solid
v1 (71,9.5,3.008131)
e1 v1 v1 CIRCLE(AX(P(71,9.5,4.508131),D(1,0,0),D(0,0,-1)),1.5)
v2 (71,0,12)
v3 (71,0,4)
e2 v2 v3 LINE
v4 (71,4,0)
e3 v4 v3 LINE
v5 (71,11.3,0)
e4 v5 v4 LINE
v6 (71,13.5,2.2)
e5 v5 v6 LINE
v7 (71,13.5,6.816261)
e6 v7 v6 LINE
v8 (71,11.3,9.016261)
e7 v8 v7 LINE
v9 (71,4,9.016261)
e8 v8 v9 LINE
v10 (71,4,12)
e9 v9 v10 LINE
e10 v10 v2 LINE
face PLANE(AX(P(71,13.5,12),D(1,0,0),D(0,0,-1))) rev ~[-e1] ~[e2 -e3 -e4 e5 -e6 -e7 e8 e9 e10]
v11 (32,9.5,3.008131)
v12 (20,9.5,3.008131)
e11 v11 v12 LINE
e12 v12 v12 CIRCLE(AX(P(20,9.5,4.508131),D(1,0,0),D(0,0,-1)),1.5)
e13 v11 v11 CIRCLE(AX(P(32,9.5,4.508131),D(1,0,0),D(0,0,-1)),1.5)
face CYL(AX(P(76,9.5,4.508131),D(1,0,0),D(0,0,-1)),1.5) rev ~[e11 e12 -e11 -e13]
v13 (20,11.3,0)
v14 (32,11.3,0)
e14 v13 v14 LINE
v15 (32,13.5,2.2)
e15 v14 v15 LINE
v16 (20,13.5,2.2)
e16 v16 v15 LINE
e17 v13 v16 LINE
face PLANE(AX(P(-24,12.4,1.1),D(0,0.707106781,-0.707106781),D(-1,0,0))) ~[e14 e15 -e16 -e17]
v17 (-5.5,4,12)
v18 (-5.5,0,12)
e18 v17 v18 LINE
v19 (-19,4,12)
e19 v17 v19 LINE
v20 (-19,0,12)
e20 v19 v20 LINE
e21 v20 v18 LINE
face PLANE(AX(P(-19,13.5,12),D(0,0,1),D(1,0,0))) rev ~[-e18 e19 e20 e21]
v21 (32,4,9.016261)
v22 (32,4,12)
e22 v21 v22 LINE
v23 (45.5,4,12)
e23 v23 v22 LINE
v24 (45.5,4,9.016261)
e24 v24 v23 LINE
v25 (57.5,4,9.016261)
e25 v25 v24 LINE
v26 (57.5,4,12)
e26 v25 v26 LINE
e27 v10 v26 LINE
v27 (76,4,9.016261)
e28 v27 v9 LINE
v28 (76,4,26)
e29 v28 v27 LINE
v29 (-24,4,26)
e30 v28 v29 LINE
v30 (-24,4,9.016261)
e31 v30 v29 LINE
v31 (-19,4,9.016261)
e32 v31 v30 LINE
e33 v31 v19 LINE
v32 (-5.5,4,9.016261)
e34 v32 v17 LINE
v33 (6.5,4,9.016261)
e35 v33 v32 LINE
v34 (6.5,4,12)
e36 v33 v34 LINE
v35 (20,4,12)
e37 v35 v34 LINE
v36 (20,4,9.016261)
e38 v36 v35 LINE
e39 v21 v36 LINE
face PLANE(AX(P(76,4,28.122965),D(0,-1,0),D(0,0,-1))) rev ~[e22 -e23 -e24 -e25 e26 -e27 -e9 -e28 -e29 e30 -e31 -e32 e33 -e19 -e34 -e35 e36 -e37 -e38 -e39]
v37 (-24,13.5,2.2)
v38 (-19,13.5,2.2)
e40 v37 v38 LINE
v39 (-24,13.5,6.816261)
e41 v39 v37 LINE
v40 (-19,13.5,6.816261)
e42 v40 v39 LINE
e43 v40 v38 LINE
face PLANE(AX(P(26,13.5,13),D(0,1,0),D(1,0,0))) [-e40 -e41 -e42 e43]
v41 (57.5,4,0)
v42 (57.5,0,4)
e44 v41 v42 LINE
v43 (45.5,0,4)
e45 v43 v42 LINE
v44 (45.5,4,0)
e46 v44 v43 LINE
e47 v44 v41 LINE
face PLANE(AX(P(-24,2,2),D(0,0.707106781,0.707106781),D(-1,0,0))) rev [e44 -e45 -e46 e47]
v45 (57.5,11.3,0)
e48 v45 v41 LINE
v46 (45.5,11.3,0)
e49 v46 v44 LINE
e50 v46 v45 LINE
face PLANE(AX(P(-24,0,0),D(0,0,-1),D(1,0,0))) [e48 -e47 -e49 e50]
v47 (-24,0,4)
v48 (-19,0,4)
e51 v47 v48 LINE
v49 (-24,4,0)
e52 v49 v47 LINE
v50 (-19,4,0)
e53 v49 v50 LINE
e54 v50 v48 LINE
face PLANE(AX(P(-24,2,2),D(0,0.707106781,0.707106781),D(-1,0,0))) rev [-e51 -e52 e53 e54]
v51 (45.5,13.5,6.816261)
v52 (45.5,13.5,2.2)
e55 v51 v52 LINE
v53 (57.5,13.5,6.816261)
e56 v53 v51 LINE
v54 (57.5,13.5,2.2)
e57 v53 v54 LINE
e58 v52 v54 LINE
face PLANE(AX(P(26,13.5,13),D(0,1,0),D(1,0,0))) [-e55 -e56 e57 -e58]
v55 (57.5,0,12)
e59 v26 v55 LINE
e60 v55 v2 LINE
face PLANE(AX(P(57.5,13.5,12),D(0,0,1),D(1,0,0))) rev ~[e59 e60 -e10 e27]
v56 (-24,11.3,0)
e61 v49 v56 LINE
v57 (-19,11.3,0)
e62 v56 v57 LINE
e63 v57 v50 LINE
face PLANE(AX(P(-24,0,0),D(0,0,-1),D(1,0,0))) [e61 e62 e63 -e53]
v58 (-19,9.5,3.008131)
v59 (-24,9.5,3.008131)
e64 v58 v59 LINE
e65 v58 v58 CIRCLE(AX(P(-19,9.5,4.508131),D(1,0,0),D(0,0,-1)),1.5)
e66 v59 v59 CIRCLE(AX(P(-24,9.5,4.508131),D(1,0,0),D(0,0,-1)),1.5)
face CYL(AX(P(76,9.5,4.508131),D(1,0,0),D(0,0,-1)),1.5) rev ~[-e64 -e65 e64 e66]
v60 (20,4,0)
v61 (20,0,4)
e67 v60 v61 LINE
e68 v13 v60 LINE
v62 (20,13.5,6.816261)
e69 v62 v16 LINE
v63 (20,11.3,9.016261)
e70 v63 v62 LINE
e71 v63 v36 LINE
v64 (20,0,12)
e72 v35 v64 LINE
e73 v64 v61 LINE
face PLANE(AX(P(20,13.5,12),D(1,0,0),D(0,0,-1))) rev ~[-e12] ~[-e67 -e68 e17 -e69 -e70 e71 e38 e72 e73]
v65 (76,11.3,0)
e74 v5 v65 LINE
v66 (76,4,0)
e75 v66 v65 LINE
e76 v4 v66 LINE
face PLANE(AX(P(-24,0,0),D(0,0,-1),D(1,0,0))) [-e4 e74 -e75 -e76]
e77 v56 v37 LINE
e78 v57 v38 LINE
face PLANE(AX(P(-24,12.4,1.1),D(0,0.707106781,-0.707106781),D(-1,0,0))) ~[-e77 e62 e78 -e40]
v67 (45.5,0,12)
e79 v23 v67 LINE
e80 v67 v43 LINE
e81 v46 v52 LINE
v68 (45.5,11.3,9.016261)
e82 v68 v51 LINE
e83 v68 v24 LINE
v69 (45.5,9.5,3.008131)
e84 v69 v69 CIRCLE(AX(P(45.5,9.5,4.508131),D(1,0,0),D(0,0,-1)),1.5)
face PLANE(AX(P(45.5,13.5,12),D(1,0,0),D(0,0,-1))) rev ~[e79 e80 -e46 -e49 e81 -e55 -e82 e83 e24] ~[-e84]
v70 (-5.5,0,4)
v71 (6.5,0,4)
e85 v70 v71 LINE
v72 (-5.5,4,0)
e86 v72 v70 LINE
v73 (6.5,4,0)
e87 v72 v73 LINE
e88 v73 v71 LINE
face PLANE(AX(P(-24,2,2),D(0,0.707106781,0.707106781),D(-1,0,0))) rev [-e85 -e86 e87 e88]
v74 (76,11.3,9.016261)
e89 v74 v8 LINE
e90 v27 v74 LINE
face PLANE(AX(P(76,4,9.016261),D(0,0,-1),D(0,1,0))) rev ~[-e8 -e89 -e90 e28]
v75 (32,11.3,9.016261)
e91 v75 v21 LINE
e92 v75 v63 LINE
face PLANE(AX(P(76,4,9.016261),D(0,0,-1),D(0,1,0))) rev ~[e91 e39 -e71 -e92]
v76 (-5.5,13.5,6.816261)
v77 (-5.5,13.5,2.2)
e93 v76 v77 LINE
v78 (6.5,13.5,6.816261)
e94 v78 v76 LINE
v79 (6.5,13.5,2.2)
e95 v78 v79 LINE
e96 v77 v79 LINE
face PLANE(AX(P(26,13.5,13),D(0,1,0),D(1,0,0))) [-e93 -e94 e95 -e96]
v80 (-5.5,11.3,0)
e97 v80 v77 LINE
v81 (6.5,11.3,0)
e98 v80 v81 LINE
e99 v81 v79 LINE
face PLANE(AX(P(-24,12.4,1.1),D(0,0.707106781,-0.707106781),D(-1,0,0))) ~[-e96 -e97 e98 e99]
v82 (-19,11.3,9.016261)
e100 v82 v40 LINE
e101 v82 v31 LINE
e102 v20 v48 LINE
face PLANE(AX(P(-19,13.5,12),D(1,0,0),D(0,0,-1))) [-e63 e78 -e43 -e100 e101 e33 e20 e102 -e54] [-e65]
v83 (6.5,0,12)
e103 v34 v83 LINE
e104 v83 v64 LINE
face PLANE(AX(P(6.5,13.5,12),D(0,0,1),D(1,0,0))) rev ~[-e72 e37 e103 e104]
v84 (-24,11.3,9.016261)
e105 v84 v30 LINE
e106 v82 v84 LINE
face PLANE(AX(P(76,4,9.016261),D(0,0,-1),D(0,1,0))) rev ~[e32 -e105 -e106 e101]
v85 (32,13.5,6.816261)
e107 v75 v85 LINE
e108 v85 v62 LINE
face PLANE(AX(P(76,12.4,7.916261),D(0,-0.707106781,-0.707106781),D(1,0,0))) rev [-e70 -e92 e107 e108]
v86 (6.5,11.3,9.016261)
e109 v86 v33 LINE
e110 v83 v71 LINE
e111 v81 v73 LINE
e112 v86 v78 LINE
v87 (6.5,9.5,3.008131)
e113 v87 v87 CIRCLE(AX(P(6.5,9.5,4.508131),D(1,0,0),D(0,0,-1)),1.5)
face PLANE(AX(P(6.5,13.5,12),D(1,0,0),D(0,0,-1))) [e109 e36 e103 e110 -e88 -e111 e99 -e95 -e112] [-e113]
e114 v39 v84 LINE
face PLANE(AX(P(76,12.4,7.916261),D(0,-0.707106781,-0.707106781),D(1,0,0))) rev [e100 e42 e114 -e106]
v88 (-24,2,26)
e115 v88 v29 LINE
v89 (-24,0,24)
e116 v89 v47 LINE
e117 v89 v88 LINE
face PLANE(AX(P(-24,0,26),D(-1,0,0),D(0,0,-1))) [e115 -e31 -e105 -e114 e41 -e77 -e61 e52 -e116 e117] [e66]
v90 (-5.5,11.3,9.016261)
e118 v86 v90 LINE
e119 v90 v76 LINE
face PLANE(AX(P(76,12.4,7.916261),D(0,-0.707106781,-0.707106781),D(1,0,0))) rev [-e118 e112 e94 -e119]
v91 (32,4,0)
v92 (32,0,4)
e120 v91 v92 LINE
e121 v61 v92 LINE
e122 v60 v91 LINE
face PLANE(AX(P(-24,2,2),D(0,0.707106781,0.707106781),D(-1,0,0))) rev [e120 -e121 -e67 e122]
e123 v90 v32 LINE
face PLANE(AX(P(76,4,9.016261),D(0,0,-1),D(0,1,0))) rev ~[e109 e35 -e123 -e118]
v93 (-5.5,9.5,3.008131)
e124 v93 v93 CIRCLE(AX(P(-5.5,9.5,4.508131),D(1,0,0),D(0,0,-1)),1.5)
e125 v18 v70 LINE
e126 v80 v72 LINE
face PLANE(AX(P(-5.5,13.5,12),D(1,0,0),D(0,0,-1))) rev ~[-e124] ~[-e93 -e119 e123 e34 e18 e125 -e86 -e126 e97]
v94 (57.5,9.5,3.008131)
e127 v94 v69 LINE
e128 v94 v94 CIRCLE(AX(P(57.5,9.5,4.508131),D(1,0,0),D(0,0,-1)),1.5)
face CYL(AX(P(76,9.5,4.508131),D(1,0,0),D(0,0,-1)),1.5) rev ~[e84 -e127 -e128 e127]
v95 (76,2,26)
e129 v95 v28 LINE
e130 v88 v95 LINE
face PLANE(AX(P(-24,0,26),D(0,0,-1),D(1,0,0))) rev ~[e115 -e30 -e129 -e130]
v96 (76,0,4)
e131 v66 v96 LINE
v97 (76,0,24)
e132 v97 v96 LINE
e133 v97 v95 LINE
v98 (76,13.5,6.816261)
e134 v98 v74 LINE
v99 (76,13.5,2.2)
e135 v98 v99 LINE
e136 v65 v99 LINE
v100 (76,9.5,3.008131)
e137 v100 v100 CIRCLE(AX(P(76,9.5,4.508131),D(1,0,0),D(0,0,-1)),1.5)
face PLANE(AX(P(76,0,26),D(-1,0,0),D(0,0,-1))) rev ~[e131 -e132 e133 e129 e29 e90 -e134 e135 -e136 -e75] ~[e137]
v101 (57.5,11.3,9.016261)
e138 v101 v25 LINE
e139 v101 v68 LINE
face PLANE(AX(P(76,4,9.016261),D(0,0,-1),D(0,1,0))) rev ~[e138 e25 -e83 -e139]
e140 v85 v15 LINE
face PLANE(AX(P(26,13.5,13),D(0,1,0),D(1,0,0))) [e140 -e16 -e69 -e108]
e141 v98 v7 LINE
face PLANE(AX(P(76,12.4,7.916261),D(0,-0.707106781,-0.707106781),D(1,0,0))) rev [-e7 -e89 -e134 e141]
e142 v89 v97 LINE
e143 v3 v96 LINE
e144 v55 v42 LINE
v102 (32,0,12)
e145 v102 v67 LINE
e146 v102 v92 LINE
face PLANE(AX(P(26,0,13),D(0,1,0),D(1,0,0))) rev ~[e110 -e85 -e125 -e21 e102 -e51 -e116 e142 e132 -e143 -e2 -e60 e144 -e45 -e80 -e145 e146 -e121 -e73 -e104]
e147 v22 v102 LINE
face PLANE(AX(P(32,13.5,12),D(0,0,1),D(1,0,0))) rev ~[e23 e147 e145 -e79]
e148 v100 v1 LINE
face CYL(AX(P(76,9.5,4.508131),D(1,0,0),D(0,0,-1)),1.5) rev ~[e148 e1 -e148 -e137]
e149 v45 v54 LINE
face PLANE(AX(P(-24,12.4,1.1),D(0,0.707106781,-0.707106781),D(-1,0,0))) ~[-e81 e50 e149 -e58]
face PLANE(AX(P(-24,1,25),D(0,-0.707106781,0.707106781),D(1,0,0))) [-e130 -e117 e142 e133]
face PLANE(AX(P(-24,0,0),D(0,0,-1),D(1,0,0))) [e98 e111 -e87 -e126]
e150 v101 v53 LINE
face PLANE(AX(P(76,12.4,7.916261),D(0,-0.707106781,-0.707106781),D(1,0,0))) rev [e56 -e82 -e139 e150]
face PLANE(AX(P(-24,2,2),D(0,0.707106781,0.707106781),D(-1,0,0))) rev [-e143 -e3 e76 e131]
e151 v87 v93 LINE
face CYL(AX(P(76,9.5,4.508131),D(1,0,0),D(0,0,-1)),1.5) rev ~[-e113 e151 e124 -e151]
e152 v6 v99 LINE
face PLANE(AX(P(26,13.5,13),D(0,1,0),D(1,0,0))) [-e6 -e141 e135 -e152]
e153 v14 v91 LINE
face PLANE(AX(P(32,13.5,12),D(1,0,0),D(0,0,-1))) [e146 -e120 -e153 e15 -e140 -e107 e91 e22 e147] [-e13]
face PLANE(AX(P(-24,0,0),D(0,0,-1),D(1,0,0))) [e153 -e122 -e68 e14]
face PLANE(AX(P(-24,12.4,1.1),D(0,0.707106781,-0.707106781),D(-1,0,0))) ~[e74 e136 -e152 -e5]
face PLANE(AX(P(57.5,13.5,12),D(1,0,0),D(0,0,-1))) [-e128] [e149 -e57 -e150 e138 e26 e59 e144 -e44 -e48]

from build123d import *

# Parameters (mm, degrees)
SKETCH_1_W          = 100
SKETCH_1_H          = 26
EXTRUDE_1_DEPTH     = 13.5
SKETCH_2_W          = 19.106704299
SKETCH_2_H          = 9.5
CUT_EXTRUDE_1_DEPTH = 105.202927022
CHAMFER_1_SIZE      = 2.2
CHAMFER_2_SIZE      = 4
SKETCH_3_R          = 1.5
CUT_EXTRUDE_2_DEPTH = 105.202927022
SKETCH_4_W          = 13.5
SKETCH_4_H          = 12
CUT_EXTRUDE_3_DEPTH = 82.450905458
CHAMFER_3_SIZE      = 2


with BuildPart() as part:
    # Эскиз1 → Вытянуть1 (new body)
    with BuildSketch(Plane(origin=(0, 0, 0), x_dir=(1, 0, 0), z_dir=(0, 1, 0))):
        with Locations((26, -13)):
            Rectangle(SKETCH_1_W, SKETCH_1_H)
    extrude(amount=EXTRUDE_1_DEPTH)

    # Эскиз2 → Вырез-Вытянуть1 (cut, through all)
    with BuildSketch(Plane(origin=(76, 0, 0), x_dir=(0, 0, -1), z_dir=(1, 0, 0))):
        with Locations((-18.569613205, 8.75)):
            Rectangle(SKETCH_2_W, SKETCH_2_H)
    extrude(amount=-CUT_EXTRUDE_1_DEPTH, mode=Mode.SUBTRACT)

    # Фаска1
    chamfer_1_edges = [part.edges().sort_by_distance(p)[0] for p in [
        (26, 13.5, 0),
        (26, 13.5, 9.016261055),
    ]]
    chamfer(chamfer_1_edges, length=CHAMFER_1_SIZE)

    # Фаска2
    chamfer_2_edges = [part.edges().sort_by_distance(p)[0] for p in [
        (26, 0, 0),
    ]]
    chamfer(chamfer_2_edges, length=CHAMFER_2_SIZE)

    # Эскиз3 → Вырез-Вытянуть2 (cut, through all)
    with BuildSketch(Plane(origin=(76, 0, 0), x_dir=(0, 0, -1), z_dir=(1, 0, 0))):
        with Locations((-4.508130527, 9.5)):
            Circle(SKETCH_3_R)
    extrude(amount=-CUT_EXTRUDE_2_DEPTH, mode=Mode.SUBTRACT)

    # Эскиз4 → Вырез-Вытянуть3 (cut, through all)
    with BuildSketch(Plane(origin=(0, 13.5, 0), x_dir=(1, 0, 0), z_dir=(0, 1, 0))):
        with Locations((-12.25, -6)):
            Rectangle(SKETCH_4_W, SKETCH_4_H)
        with Locations((64.25, -6)):
            Rectangle(SKETCH_4_W, SKETCH_4_H)
        with Locations((13.25, -6)):
            Rectangle(SKETCH_4_W, SKETCH_4_H)
        with Locations((38.75, -6)):
            Rectangle(SKETCH_4_W, SKETCH_4_H)
    extrude(amount=-CUT_EXTRUDE_3_DEPTH, mode=Mode.SUBTRACT)

    # Фаска3
    chamfer_3_edges = [part.edges().sort_by_distance(p)[0] for p in [
        (26, 0, 26),
    ]]
    chamfer(chamfer_3_edges, length=CHAMFER_3_SIZE)


solid = part.part
